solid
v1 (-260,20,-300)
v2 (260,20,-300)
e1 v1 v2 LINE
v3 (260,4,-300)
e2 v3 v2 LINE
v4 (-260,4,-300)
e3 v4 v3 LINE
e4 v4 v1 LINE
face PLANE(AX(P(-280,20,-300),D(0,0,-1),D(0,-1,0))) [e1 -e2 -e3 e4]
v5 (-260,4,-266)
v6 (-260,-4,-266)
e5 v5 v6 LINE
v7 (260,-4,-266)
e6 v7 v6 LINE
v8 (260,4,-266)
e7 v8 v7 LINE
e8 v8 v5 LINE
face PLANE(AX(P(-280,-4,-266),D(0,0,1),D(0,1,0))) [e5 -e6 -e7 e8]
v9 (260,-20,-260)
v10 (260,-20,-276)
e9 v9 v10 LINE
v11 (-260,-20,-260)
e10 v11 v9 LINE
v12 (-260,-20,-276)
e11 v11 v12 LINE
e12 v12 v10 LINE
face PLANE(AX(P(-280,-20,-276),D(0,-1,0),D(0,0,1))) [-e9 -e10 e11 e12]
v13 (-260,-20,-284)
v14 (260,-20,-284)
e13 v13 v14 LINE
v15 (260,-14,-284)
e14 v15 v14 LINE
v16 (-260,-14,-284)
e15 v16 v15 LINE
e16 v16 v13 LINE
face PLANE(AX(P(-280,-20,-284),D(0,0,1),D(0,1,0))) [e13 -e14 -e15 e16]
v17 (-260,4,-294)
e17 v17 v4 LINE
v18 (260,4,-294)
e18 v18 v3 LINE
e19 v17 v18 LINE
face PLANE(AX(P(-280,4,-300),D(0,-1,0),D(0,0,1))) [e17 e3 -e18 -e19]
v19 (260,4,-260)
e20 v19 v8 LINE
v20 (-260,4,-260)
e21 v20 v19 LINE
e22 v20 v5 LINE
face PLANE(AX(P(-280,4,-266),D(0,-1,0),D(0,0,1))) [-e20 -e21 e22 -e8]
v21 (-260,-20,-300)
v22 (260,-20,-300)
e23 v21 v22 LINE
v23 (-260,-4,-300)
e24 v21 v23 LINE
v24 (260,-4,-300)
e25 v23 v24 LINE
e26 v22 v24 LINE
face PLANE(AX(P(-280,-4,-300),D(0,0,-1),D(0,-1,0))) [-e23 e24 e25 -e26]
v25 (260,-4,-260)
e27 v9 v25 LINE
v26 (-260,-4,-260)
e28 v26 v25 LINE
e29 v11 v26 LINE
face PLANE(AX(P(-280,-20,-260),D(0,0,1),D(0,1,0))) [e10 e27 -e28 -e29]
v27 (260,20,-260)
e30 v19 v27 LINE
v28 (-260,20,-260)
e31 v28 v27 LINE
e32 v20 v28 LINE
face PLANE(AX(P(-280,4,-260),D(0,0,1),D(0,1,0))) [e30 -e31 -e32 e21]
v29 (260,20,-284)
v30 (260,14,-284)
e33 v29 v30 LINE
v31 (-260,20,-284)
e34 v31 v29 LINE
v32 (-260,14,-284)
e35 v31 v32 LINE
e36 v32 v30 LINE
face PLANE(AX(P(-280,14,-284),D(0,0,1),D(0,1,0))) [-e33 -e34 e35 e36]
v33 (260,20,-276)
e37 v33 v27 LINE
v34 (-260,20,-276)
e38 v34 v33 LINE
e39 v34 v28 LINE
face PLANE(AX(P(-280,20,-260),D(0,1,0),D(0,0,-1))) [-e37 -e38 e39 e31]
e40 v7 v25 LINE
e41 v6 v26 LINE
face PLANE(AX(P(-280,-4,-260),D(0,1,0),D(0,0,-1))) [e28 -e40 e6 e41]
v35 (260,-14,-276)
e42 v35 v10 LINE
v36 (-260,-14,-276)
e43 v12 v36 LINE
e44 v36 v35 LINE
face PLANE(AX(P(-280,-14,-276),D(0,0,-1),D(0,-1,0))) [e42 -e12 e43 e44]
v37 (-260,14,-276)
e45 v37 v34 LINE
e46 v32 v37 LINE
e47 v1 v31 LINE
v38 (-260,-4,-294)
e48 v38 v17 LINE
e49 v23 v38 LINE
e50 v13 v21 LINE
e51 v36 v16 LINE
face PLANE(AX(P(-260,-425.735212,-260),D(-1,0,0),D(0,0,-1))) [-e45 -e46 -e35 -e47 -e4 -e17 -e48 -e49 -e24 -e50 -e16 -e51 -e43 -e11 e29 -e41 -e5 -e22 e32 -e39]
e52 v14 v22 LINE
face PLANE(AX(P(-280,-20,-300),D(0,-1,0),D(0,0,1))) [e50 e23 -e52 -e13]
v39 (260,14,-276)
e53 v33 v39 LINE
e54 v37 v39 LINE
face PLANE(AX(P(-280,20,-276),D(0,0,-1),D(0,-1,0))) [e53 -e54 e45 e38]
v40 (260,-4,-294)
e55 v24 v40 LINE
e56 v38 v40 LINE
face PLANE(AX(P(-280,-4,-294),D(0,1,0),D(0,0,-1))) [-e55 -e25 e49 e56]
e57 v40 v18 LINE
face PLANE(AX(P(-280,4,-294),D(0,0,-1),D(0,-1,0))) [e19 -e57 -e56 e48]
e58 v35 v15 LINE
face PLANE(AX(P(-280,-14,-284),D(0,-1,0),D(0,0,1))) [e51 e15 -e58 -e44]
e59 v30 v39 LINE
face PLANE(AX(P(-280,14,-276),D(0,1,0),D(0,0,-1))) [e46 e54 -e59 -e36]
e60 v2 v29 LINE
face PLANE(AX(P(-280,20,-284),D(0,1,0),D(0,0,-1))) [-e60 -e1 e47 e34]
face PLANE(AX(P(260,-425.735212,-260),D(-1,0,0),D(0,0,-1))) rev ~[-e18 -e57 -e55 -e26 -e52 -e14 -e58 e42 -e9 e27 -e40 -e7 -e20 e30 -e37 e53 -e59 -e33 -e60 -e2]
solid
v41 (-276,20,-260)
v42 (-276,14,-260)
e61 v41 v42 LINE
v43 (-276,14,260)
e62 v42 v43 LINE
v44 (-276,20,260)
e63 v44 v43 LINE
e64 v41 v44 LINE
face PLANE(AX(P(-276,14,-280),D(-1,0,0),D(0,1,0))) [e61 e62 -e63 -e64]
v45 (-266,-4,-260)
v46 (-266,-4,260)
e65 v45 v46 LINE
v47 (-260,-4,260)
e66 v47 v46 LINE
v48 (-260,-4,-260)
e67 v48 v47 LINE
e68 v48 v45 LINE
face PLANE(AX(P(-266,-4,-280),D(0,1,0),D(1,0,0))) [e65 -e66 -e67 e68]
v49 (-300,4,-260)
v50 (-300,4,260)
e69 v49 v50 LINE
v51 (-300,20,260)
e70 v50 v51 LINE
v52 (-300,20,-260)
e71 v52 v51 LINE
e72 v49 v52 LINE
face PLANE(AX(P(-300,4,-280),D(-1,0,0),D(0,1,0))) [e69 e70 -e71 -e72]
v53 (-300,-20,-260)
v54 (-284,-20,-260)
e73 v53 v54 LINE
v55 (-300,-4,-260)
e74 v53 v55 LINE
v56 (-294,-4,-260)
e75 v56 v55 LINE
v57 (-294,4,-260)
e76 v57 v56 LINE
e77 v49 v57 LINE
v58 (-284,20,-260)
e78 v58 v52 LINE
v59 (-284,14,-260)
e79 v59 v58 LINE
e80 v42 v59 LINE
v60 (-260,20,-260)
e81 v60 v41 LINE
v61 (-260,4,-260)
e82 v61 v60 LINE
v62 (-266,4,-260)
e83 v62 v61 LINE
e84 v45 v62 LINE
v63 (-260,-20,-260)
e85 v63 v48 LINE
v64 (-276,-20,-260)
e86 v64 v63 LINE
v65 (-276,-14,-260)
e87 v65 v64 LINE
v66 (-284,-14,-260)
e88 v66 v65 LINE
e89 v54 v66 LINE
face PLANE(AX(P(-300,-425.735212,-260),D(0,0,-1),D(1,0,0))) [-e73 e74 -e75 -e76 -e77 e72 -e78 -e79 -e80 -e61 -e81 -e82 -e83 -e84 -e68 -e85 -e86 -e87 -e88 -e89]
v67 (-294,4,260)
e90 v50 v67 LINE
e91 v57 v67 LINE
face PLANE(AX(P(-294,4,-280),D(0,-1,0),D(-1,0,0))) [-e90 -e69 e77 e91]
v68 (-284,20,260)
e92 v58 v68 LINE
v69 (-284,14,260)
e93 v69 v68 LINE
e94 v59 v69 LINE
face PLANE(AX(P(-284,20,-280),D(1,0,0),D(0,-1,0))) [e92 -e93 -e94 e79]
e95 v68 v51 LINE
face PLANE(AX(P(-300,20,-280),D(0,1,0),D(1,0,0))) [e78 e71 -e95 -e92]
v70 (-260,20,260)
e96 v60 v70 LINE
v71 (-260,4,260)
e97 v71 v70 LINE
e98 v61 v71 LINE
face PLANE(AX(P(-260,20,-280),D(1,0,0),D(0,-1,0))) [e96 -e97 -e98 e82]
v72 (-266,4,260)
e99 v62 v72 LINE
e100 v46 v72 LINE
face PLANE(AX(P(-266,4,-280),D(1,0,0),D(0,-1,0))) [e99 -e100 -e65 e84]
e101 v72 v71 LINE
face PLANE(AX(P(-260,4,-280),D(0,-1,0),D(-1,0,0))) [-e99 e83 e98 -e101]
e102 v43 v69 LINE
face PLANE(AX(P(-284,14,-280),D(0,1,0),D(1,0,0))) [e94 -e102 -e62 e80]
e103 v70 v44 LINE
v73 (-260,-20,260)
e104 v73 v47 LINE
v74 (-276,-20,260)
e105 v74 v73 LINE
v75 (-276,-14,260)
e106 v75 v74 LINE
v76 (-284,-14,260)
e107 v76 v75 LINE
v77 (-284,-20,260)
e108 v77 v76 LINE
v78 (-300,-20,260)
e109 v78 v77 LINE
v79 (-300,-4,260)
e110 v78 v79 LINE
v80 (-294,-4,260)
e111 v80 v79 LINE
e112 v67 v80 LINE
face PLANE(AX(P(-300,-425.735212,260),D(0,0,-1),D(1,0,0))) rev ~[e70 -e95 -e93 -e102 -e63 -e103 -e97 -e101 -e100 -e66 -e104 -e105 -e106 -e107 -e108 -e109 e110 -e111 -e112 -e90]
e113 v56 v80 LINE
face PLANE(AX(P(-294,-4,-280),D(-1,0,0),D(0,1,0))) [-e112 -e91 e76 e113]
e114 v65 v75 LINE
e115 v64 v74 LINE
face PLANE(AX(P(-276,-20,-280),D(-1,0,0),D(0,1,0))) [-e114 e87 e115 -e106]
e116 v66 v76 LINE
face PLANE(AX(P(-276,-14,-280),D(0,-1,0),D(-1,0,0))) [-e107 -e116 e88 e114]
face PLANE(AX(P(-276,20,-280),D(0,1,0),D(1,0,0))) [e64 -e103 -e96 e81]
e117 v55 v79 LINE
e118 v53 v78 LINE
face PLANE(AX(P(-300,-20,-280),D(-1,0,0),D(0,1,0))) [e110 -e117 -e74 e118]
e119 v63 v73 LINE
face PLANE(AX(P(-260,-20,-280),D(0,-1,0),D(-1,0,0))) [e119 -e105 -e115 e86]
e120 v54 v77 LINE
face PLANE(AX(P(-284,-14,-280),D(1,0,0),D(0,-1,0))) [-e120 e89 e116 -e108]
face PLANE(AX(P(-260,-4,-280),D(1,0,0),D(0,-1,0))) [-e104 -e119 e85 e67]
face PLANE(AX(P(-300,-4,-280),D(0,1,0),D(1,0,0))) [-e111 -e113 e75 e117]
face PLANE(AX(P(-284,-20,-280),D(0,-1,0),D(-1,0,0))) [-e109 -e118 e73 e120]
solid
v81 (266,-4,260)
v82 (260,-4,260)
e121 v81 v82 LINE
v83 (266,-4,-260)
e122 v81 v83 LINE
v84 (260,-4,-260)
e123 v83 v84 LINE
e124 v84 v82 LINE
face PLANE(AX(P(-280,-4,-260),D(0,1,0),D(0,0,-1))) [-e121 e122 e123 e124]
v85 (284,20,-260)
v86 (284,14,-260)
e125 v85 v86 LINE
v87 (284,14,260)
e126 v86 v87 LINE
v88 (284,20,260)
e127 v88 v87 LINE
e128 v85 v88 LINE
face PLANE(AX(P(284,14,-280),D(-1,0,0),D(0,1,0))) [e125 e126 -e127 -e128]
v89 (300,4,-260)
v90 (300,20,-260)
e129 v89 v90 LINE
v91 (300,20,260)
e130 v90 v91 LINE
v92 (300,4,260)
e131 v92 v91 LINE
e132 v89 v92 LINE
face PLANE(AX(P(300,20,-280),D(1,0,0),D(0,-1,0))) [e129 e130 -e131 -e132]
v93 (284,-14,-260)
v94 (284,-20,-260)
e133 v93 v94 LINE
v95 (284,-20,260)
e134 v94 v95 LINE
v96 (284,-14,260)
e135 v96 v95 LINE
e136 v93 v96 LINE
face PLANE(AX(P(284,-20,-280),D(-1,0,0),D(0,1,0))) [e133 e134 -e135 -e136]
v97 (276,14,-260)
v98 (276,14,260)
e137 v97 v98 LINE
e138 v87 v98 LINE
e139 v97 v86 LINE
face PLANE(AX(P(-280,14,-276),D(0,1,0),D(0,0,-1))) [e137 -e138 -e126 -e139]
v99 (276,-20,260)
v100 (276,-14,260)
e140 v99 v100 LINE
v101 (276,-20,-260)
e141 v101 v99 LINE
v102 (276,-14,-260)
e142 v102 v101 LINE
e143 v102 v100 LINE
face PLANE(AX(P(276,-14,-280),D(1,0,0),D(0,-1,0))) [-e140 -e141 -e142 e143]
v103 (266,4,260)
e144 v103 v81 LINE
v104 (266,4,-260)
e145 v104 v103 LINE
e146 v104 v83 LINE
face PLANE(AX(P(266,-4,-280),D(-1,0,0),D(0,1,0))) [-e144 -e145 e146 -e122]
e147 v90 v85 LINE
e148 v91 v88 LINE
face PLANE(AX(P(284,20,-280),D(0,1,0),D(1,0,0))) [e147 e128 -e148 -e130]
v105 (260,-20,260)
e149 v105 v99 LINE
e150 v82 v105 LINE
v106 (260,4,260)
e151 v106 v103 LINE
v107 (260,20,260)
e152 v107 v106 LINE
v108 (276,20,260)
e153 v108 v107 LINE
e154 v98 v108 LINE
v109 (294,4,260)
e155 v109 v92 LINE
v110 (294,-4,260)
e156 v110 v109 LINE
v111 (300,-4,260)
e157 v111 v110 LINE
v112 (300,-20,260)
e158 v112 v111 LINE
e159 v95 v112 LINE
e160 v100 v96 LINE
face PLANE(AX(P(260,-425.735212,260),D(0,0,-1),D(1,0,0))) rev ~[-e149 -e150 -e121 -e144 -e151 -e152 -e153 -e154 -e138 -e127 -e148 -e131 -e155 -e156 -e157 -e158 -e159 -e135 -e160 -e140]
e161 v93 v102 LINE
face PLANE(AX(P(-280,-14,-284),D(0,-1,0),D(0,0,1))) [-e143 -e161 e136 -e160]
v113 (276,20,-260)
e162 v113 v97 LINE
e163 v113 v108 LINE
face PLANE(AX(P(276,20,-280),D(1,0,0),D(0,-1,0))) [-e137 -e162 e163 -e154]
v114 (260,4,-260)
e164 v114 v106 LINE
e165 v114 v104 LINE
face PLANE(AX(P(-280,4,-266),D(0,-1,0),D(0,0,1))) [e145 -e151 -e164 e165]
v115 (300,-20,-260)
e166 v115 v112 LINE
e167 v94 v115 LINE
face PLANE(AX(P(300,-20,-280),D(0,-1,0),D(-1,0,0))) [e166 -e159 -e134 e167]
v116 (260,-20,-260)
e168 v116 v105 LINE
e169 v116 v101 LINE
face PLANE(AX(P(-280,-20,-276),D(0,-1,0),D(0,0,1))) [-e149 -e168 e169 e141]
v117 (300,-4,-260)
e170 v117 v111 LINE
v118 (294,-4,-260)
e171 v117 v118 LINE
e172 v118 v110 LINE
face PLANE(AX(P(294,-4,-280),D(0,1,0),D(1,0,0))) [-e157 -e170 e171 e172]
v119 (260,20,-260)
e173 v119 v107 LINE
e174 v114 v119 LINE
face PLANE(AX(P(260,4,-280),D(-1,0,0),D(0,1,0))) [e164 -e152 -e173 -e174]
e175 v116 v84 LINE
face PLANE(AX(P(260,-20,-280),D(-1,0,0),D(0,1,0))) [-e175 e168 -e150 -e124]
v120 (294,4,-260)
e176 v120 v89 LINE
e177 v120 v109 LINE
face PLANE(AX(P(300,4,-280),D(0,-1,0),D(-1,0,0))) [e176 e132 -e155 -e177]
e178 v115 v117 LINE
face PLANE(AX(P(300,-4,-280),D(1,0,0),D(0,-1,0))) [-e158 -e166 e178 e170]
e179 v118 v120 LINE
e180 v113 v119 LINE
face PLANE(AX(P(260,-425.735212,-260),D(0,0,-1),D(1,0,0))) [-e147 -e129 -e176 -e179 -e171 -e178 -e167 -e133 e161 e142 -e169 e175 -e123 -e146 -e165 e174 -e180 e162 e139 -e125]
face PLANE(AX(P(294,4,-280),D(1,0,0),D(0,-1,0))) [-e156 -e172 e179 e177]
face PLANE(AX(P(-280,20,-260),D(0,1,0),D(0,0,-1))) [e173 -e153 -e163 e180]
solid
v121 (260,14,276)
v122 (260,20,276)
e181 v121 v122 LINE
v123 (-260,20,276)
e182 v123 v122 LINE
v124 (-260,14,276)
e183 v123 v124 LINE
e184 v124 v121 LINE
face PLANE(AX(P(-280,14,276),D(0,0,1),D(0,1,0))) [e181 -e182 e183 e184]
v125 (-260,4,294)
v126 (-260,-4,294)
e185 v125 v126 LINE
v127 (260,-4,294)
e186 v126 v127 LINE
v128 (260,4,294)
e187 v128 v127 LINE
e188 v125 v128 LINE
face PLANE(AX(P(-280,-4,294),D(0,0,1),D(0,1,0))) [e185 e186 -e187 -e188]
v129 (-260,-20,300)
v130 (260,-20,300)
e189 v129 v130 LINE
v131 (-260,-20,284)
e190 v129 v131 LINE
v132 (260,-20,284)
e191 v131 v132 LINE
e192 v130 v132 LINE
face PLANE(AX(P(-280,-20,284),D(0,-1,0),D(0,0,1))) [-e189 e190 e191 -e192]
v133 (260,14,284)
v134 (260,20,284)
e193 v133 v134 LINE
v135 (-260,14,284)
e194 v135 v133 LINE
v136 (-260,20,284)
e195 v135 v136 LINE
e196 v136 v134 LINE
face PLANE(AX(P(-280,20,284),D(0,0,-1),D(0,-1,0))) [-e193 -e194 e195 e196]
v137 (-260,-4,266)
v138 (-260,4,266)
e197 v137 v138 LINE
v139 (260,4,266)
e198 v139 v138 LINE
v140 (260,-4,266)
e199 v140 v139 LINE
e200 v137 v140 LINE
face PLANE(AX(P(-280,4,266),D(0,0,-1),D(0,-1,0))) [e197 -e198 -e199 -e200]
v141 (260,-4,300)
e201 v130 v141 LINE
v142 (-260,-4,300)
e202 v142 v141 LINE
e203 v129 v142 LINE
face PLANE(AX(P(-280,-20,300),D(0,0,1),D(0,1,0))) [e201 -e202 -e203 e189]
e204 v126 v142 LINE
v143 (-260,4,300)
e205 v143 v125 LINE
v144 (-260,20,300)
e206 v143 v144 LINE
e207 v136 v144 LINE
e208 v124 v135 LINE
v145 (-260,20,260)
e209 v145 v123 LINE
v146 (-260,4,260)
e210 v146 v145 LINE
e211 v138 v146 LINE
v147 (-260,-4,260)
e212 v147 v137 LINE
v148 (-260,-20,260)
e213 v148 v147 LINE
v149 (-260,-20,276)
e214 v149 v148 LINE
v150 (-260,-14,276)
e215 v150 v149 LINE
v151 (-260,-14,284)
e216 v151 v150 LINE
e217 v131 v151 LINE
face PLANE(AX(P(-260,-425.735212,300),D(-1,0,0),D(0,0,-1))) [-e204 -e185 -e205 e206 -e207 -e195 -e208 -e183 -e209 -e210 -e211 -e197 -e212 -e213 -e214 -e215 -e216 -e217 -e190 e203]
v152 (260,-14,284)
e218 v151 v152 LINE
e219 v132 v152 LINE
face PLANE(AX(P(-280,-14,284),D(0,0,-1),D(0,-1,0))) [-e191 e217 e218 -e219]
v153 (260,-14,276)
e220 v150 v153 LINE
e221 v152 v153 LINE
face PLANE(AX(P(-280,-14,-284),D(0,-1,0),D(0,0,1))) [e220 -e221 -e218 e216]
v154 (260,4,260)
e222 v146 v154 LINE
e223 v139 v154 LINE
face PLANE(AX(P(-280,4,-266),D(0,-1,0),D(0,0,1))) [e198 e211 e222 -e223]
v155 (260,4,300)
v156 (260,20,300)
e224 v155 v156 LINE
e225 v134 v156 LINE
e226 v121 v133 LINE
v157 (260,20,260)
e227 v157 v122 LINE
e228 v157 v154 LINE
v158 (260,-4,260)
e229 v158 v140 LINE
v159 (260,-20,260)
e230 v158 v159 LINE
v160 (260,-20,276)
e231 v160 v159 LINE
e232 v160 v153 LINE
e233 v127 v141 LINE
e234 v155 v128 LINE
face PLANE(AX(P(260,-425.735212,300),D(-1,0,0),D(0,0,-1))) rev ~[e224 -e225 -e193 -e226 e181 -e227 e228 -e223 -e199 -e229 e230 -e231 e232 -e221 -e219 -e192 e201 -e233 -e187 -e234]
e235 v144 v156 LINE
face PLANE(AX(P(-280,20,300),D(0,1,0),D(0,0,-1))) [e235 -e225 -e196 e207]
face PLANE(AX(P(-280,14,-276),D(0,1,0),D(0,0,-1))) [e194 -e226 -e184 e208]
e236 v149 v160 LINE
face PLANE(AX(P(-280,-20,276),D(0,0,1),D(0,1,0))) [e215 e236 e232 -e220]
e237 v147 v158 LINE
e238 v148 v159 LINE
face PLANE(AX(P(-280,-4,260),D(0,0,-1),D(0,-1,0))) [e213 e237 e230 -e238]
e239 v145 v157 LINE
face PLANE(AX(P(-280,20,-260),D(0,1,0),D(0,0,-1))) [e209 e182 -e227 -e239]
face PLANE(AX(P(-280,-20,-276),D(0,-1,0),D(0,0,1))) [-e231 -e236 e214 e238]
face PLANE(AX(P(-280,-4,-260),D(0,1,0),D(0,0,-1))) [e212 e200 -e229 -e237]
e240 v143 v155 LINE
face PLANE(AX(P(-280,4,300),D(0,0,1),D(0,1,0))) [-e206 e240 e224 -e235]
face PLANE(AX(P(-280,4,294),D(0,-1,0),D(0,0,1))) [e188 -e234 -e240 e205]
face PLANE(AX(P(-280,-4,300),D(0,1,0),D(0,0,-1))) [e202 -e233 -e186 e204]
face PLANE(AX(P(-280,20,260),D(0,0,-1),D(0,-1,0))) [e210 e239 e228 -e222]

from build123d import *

# Parameters (mm, degrees)
BOSS_EXTRUDE2_DEPTH        = 280
BOSS_EXTRUDE2_DEPTH_BACK   = 280
BOSS_EXTRUDE2_2_DEPTH      = 280
BOSS_EXTRUDE2_2_DEPTH_BACK = 280
BOSS_EXTRUDE3_DEPTH        = 280
BOSS_EXTRUDE3_DEPTH_BACK   = 280
CUT_EXTRUDE1_DEPTH         = 425.735211632
CUT_EXTRUDE1_DEPTH_BACK    = 425.735211632
SKETCH6_W                  = 40
SKETCH6_H                  = 40


with BuildPart() as part:
    # Sketch4 → Boss-Extrude2 (new, two sides: drawn at the far end of the back side and taken through both)
    with BuildSketch(Plane.XY.offset(-BOSS_EXTRUDE2_DEPTH_BACK)):
        Polygon((300, -20), (284, -20), (284, -14), (276, -14), (276, -20), (260, -20), (260, -4), (266, -4), (266, 4), (260, 4), (260, 20), (276, 20), (276, 14), (284, 14), (284, 20), (300, 20), (300, 4), (294, 4), (294, -4), (300, -4), align=None)
    extrude(amount=BOSS_EXTRUDE2_DEPTH + BOSS_EXTRUDE2_DEPTH_BACK)

    # Sketch5 → Boss-Extrude3 (add, two sides: drawn at the far end of the back side and taken through both)
    with BuildSketch(Plane(origin=(0, 0, 0), x_dir=(0, 0, -1), z_dir=(1, 0, 0)).offset(-BOSS_EXTRUDE3_DEPTH_BACK)):
        Polygon((300, -20), (284, -20), (284, -14), (276, -14), (276, -20), (260, -20), (260, -4), (266, -4), (266, 4), (260, 4), (260, 20), (276, 20), (276, 14), (284, 14), (284, 20), (300, 20), (300, 4), (294, 4), (294, -4), (300, -4), align=None)
        Polygon((-276, 20), (-260, 20), (-260, 4), (-266, 4), (-266, -4), (-260, -4), (-260, -20), (-276, -20), (-276, -14), (-284, -14), (-284, -20), (-300, -20), (-300, -4), (-294, -4), (-294, 4), (-300, 4), (-300, 20), (-284, 20), (-284, 14), (-276, 14), align=None)
    extrude(amount=BOSS_EXTRUDE3_DEPTH + BOSS_EXTRUDE3_DEPTH_BACK)


with BuildPart() as body_2:
    # Sketch4 → Boss-Extrude2 2 (new, two sides: drawn at the far end of the back side and taken through both)
    with BuildSketch(Plane.XY.offset(-BOSS_EXTRUDE2_2_DEPTH_BACK)):
        Polygon((-276, 20), (-260, 20), (-260, 4), (-266, 4), (-266, -4), (-260, -4), (-260, -20), (-276, -20), (-276, -14), (-284, -14), (-284, -20), (-300, -20), (-300, -4), (-294, -4), (-294, 4), (-300, 4), (-300, 20), (-284, 20), (-284, 14), (-276, 14), align=None)
    extrude(amount=BOSS_EXTRUDE2_2_DEPTH + BOSS_EXTRUDE2_2_DEPTH_BACK)


with BuildPart() as cut_extrude1_tool:
    # Sketch6 → Cut-Extrude1 (new, two sides: drawn at the far end of the back side and taken through both)
    with BuildSketch(Plane(origin=(0, 0, 0), x_dir=(1, 0, 0), z_dir=(0, 1, 0)).offset(-CUT_EXTRUDE1_DEPTH_BACK)):
        with Locations((-280, 280)):
            Rectangle(SKETCH6_W, SKETCH6_H)
        with Locations((-280, -280)):
            Rectangle(SKETCH6_W, SKETCH6_H)
        with Locations((280, -280)):
            Rectangle(SKETCH6_W, SKETCH6_H)
        with Locations((280, 280)):
            Rectangle(SKETCH6_W, SKETCH6_H)
    extrude(amount=CUT_EXTRUDE1_DEPTH + CUT_EXTRUDE1_DEPTH_BACK)


with BuildPart() as part_1:
    add(part.part)

    # Cut-Extrude1: cut by cut_extrude1_tool
    add(cut_extrude1_tool.part, mode=Mode.SUBTRACT)


with BuildPart() as body_2_1:
    add(body_2.part)

    # Cut-Extrude1: cut by cut_extrude1_tool
    add(cut_extrude1_tool.part, mode=Mode.SUBTRACT)


solid = Compound([part_1.part, body_2_1.part])
